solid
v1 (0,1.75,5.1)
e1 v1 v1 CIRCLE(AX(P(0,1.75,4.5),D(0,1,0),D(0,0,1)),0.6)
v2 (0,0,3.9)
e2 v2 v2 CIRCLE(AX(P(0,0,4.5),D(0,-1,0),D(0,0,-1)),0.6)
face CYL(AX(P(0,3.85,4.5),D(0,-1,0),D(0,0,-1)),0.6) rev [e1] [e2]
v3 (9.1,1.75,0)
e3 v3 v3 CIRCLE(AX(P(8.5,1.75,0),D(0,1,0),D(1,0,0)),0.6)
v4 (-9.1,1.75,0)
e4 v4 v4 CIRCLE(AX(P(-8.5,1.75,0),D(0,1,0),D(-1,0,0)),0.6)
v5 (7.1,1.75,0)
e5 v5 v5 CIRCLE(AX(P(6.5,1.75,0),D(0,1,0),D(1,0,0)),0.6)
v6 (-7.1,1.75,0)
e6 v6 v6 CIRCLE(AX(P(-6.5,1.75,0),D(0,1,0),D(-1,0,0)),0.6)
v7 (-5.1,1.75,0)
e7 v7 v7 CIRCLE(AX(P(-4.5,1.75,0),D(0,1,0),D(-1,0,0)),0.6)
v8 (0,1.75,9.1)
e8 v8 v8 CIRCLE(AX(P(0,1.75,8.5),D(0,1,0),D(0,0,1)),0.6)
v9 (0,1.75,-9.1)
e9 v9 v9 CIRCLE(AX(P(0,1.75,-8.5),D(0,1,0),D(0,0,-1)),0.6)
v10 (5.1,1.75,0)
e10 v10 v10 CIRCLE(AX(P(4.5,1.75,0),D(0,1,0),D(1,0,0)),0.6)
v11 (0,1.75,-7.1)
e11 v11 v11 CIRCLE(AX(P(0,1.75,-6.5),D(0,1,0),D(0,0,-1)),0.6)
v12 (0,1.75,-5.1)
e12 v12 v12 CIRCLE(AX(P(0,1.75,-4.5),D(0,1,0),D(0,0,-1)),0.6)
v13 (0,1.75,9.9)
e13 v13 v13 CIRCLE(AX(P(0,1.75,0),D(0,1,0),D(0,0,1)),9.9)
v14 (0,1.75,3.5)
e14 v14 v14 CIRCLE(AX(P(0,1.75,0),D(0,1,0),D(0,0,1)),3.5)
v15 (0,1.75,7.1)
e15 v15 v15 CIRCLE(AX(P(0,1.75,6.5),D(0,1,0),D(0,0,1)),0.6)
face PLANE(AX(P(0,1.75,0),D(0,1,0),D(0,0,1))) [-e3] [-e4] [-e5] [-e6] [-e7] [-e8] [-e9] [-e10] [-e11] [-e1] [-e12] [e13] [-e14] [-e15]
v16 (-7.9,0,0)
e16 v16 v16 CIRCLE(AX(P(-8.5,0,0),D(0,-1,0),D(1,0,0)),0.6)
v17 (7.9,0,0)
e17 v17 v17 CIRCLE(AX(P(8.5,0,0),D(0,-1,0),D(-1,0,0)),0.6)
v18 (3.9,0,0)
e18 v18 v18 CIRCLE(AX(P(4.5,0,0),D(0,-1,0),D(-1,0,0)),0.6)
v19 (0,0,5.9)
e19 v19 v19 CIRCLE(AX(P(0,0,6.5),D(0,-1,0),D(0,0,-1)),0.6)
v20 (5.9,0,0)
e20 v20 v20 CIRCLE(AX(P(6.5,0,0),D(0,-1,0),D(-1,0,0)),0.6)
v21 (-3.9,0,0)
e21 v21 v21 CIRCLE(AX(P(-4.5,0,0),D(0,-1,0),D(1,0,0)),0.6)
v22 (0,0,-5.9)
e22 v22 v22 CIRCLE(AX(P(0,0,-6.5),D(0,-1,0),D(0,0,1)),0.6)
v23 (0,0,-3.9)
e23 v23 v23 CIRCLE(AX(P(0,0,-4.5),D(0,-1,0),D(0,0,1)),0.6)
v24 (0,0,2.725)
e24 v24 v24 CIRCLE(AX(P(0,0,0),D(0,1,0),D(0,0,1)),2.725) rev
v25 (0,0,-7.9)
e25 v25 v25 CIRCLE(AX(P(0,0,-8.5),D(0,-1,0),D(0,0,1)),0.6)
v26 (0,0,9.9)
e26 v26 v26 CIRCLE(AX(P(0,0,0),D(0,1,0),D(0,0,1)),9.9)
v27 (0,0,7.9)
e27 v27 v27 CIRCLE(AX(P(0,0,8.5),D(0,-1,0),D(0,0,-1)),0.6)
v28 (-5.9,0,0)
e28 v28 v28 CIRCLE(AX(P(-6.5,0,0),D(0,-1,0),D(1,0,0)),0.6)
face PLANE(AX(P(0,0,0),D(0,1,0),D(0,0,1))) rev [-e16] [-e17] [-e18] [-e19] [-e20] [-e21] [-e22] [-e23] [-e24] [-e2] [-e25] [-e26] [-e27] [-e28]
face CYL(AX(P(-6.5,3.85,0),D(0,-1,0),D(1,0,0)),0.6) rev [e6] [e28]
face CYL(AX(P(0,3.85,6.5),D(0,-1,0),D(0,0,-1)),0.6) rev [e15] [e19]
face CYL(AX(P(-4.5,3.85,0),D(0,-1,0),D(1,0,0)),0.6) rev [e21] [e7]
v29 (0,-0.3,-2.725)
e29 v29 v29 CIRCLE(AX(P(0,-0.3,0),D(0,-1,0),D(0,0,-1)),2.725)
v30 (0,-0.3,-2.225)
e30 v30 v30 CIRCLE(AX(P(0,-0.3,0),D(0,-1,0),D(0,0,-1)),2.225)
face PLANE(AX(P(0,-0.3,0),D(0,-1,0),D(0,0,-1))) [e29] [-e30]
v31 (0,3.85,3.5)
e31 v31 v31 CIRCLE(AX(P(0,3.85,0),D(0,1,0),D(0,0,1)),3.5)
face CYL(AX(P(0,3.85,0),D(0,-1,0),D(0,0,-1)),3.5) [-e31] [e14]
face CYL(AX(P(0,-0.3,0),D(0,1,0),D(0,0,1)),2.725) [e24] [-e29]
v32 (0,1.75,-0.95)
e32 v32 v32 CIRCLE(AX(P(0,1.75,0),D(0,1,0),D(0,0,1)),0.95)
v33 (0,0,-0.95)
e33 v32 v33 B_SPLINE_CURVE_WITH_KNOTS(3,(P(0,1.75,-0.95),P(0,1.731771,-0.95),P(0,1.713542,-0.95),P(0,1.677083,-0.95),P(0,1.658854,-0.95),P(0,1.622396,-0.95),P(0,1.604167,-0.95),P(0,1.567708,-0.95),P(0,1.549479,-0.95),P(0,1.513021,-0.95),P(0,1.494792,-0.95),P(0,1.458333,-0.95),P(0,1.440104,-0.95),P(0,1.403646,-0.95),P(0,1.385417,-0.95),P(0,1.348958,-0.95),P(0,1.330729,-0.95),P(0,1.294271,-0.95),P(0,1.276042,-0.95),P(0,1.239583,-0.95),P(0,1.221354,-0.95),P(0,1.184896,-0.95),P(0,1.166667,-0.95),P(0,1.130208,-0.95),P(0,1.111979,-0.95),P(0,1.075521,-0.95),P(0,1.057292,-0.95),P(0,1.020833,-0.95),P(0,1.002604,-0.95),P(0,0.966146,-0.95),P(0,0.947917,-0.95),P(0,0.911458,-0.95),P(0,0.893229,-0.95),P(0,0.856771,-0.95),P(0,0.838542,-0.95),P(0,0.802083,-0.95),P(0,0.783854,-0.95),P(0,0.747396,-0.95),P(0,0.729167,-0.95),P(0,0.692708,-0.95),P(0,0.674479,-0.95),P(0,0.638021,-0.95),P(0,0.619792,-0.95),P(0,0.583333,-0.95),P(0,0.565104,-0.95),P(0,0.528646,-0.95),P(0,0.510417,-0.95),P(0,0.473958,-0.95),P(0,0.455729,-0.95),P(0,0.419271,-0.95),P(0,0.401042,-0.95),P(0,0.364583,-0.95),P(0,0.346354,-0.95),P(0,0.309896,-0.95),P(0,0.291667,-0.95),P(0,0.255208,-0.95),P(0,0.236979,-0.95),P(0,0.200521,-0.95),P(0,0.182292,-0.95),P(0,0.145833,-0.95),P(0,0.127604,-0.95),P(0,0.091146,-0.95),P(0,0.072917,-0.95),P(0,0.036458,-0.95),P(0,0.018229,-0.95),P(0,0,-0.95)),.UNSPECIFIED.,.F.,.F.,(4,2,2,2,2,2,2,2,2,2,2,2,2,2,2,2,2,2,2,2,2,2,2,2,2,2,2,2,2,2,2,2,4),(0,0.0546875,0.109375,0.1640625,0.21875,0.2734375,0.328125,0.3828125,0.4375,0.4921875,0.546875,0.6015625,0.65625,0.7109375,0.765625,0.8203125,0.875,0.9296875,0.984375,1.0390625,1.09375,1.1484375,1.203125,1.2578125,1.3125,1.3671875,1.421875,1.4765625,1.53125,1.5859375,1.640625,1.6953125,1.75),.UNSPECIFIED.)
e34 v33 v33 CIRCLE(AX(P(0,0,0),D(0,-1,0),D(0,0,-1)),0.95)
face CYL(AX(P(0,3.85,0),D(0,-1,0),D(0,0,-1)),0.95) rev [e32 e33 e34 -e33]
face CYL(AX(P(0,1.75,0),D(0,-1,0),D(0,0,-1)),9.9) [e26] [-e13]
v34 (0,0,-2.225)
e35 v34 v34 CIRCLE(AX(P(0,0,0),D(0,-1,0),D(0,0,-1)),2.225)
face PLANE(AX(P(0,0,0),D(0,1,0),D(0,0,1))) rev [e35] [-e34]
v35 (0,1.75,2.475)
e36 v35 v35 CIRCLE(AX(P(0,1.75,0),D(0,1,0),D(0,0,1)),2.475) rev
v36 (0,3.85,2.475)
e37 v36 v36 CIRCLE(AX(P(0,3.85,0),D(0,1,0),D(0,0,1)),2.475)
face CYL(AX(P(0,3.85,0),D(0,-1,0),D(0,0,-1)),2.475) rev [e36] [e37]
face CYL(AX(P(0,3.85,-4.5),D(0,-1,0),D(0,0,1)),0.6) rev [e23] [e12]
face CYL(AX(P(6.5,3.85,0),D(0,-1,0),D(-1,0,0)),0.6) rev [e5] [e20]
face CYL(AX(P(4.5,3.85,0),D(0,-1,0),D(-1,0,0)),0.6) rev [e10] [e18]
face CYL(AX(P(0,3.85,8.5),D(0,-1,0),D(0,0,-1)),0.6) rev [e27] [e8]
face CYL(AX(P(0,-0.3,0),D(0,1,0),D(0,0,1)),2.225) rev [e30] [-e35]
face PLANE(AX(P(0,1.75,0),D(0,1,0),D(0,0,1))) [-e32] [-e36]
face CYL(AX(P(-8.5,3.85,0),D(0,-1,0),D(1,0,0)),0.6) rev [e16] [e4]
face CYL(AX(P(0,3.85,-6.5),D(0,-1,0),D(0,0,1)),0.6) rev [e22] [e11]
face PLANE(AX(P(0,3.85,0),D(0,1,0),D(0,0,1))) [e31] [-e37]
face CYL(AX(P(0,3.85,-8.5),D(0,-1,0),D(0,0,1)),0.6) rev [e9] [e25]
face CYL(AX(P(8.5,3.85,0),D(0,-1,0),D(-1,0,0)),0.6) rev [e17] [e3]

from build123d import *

# Parameters (mm, degrees)
ESQUISSE1_R                  = 9.9
BOSS_EXTRU_1_DEPTH           = 1.75
ESQUISSE2_R                  = 3.5
ESQUISSE2_R_2                = 2.475
BOSS_EXTRU_2_DEPTH           = 2.1
ESQUISSE3_R                  = 2.725
ESQUISSE3_R_2                = 2.225
BOSS_EXTRU_3_DEPTH           = 0.3
ESQUISSE4_R                  = 0.95
ENL_V_MAT_EXTRU_1_DEPTH      = 15.520416661
ESQUISSE5_R                  = 0.6
ENL_V_MAT_EXTRU_2_DEPTH      = 15.520416661
R_P_TITION_CIRCULAIRE1_COUNT = 4


with BuildPart() as part:
    # Esquisse1 → Boss.-Extru.1 (new body)
    with BuildSketch(Plane(origin=(0, 0, 0), x_dir=(1, 0, 0), z_dir=(0, 1, 0))):
        with Locations(Location((0, 0, 0), (0, 0, 270))):
            Circle(ESQUISSE1_R)
    extrude(amount=BOSS_EXTRU_1_DEPTH)

    # Esquisse2 → Boss.-Extru.2 (add)
    with BuildSketch(Plane(origin=(0, 1.75, 0), x_dir=(1, 0, 0), z_dir=(0, 1, 0))):
        with Locations(Location((0, 0, 0), (0, 0, 270))):
            Circle(ESQUISSE2_R)
        with Locations(Location((0, 0, 0), (0, 0, 270))):
            Circle(ESQUISSE2_R_2, mode=Mode.SUBTRACT)
    extrude(amount=BOSS_EXTRU_2_DEPTH)

    # Esquisse3 → Boss.-Extru.3 (add)
    with BuildSketch(Plane.XZ):
        with Locations(Location((0, 0, 0), (0, 0, 90))):
            Circle(ESQUISSE3_R)
        with Locations(Location((0, 0, 0), (0, 0, 270))):
            Circle(ESQUISSE3_R_2, mode=Mode.SUBTRACT)
    extrude(amount=BOSS_EXTRU_3_DEPTH)

    # Esquisse4 → Enlèv. mat.-Extru.1 (cut, through all)
    with BuildSketch(Plane.XZ):
        with Locations(Location((0, 0, 0), (0, 0, 270))):
            Circle(ESQUISSE4_R)
    extrude(amount=-ENL_V_MAT_EXTRU_1_DEPTH, mode=Mode.SUBTRACT)

    # Esquisse5 → Enlèv. mat.-Extru.2 (cut, through all)
    with BuildSketch(Plane.XZ):
        with Locations(Location((0, 4.5, 0), (0, 0, 270))):
            Circle(ESQUISSE5_R)
        with Locations(Location((0, 6.5, 0), (0, 0, 270))):
            Circle(ESQUISSE5_R)
        with Locations(Location((0, 8.5, 0), (0, 0, 270))):
            Circle(ESQUISSE5_R)
    enl_v_mat_extru_2 = extrude(amount=-ENL_V_MAT_EXTRU_2_DEPTH, mode=Mode.SUBTRACT)

    # Répétition circulaire1: Enlèv. mat.-Extru.2 ×4 about axis
    r_p_tition_circulaire1_axis = Axis((0, 0, 0), (0, 1, 0))
    for i in range(1, R_P_TITION_CIRCULAIRE1_COUNT):
        add(enl_v_mat_extru_2.rotate(r_p_tition_circulaire1_axis, i * 360 / R_P_TITION_CIRCULAIRE1_COUNT), mode=Mode.SUBTRACT)


solid = part.part
